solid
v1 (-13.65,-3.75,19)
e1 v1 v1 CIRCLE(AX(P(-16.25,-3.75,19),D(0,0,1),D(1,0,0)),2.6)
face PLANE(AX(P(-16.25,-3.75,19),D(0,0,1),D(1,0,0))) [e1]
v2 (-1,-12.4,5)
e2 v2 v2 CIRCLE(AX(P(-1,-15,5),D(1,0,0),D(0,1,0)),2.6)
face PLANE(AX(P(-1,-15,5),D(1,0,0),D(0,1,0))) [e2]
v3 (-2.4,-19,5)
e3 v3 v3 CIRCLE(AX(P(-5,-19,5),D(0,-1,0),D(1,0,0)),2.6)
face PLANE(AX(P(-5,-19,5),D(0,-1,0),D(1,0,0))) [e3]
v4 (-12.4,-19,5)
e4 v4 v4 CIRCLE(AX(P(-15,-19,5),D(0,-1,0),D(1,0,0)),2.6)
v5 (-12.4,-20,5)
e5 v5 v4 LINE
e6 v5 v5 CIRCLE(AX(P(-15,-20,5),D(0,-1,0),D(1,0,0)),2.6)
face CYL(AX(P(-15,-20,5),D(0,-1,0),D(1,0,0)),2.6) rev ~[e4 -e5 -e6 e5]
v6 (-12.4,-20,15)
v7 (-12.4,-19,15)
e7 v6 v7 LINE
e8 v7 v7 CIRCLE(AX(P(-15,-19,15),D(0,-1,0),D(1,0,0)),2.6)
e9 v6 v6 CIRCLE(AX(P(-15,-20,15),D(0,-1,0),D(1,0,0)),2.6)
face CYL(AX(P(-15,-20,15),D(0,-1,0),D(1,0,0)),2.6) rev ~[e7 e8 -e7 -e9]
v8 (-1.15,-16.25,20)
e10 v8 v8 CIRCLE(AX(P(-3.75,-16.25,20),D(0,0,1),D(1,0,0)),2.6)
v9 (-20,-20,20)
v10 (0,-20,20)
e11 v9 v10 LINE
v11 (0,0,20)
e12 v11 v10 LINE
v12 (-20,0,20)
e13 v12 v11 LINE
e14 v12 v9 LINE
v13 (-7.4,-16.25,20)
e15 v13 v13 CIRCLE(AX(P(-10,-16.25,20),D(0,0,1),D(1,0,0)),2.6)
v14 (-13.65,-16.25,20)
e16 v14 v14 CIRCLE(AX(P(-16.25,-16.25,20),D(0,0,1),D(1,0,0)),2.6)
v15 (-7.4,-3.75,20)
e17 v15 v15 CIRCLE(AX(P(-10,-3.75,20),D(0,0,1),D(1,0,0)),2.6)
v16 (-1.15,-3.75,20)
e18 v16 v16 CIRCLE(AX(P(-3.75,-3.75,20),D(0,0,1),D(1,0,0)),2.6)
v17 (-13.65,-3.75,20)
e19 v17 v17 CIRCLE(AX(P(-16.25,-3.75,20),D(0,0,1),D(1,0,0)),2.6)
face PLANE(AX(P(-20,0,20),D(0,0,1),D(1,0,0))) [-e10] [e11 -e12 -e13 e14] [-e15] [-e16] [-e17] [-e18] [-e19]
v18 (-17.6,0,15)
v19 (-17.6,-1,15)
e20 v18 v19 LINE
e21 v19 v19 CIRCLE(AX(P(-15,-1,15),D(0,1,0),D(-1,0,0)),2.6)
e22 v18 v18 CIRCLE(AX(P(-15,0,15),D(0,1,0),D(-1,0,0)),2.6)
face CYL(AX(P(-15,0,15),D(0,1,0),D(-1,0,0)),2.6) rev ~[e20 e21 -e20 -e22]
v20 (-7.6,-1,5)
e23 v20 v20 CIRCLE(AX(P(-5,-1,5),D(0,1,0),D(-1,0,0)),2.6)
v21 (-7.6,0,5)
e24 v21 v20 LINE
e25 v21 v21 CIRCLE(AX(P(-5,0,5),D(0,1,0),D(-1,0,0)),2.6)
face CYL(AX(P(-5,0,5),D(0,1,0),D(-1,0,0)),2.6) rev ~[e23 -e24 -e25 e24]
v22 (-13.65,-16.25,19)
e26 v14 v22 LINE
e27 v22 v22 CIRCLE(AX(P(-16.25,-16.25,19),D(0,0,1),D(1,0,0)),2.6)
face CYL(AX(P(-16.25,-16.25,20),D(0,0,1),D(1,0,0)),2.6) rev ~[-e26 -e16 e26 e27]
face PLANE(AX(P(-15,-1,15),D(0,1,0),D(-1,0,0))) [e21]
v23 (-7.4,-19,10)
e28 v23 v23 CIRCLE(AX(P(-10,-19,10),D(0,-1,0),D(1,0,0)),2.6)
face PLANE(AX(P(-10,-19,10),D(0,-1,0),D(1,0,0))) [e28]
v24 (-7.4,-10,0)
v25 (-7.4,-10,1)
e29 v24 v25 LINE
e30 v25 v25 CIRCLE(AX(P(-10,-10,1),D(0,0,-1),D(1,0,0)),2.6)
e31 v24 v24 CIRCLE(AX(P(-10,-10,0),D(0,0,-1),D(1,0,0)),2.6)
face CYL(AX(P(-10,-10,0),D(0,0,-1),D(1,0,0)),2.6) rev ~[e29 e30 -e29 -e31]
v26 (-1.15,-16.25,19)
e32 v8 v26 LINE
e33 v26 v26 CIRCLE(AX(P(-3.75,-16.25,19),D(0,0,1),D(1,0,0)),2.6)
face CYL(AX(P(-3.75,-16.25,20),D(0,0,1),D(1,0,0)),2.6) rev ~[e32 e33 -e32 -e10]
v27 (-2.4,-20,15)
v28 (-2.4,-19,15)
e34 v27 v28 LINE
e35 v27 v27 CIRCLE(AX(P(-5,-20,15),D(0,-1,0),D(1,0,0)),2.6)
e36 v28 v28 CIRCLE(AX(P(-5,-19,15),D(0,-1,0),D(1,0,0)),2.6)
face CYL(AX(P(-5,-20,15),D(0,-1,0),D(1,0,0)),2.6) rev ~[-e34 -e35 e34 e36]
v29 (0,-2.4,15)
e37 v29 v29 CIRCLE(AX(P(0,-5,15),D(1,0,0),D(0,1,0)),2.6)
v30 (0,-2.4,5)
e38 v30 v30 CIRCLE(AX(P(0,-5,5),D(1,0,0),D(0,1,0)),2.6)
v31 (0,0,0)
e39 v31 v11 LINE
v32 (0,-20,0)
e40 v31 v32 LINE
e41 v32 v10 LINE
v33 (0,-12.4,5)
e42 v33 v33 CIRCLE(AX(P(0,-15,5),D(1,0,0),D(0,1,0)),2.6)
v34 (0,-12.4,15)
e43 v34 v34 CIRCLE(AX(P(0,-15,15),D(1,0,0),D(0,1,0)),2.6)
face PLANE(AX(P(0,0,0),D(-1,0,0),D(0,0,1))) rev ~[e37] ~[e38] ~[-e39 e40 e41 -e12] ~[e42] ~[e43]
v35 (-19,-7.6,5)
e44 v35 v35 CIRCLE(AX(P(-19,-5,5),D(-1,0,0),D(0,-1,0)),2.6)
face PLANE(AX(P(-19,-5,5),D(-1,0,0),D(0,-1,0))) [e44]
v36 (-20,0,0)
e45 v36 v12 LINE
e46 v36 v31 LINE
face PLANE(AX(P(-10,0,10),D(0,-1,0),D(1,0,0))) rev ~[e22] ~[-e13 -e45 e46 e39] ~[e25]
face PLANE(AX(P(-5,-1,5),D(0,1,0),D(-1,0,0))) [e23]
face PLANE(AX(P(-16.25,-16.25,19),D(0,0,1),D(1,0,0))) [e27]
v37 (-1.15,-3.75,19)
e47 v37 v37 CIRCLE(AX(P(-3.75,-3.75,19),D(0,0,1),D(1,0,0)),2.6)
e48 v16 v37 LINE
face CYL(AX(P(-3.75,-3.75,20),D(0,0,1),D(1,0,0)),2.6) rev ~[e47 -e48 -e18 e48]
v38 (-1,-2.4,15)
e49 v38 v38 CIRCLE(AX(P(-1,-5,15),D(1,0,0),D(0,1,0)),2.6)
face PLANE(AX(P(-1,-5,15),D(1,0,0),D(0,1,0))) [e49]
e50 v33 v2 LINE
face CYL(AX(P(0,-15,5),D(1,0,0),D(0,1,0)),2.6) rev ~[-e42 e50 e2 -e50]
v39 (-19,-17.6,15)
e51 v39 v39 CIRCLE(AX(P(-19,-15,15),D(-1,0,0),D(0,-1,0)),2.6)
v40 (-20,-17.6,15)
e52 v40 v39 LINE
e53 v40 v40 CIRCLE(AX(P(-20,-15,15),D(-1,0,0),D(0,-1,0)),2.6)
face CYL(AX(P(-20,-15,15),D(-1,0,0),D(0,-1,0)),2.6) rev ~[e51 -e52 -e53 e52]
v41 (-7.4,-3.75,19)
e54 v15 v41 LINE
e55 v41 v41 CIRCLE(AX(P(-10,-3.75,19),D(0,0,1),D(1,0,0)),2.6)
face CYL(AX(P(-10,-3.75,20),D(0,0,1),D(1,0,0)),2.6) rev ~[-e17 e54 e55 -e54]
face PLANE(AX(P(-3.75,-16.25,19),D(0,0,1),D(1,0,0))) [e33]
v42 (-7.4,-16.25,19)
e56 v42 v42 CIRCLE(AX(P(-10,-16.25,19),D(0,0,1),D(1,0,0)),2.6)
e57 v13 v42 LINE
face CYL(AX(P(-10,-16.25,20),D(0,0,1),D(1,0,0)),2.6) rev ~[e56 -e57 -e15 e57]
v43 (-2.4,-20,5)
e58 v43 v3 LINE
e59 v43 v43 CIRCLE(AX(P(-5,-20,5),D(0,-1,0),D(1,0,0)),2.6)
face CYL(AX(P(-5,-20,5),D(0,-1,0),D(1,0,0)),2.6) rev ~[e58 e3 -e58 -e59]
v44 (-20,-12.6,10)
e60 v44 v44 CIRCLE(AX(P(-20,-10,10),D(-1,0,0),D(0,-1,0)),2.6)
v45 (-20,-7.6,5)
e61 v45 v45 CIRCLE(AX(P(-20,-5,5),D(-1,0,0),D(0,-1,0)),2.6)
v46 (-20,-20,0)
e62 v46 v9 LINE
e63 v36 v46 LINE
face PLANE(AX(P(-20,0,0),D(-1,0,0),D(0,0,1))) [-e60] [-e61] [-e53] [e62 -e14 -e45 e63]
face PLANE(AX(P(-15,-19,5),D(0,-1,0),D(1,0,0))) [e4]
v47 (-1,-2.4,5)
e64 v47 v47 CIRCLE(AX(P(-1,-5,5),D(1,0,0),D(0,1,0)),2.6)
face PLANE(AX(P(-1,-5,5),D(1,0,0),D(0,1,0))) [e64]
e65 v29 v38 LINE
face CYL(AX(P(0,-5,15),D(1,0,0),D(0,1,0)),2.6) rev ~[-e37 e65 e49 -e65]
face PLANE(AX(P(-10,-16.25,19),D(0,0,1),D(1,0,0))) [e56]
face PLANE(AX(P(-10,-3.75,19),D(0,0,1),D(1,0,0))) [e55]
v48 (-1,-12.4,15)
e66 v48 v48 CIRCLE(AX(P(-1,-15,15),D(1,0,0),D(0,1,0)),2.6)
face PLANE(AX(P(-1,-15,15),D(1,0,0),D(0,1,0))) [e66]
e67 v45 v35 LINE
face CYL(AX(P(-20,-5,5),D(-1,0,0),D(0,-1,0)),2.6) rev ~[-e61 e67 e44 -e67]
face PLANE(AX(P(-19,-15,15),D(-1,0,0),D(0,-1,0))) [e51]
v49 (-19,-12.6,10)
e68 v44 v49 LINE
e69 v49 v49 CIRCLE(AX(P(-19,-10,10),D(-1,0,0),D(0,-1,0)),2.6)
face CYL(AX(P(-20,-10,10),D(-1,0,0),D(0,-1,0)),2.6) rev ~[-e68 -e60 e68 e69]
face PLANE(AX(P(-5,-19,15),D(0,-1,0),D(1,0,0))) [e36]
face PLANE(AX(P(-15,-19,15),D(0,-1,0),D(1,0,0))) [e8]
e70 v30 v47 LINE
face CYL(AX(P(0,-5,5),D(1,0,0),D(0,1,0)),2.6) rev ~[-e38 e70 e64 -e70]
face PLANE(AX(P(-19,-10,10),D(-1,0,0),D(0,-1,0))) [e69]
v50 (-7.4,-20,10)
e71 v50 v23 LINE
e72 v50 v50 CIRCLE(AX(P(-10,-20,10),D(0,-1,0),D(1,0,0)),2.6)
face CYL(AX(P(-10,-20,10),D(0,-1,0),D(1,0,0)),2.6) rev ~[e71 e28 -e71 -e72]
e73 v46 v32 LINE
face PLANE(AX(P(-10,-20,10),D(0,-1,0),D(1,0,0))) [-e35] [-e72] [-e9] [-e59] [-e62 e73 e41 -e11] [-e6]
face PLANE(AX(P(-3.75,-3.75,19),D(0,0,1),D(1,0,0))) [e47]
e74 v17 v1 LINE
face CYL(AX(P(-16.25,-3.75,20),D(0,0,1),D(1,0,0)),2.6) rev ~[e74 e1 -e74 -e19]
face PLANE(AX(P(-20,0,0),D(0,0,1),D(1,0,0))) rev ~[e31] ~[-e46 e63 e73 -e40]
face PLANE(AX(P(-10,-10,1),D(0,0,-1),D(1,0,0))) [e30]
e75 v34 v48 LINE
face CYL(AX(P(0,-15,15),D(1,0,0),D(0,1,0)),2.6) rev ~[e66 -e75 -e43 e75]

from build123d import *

# Parameters (mm, degrees)
F0_W      = 20
F0_H      = 20
F1_DEPTH  = 20
F2_R      = 2.6
F3_DEPTH  = 1
F4_R      = 2.6
F5_DEPTH  = 1
F6_R      = 2.6
F7_DEPTH  = 1
F8_R      = 2.6
F9_DEPTH  = 1
F10_R     = 2.6
F11_DEPTH = 1
F12_R     = 2.6
F13_DEPTH = 1


with BuildPart() as f1:
    # F0 (on Front) → F1 (new body)
    with BuildSketch(Plane.XZ):
        with Locations((-10, 10)):
            Rectangle(F0_W, F0_H)
    extrude(amount=F1_DEPTH)

    # F2 (on face) → F3 (cut)
    with BuildSketch(Plane.XZ.offset(20)):
        with Locations((-10, 10)):
            Circle(F2_R)
        with Locations((-15, 15)):
            Circle(F2_R)
        with Locations((-5, 15)):
            Circle(F2_R)
        with Locations((-15, 5)):
            Circle(F2_R)
        with Locations((-5, 5)):
            Circle(F2_R)
    extrude(amount=-F3_DEPTH, mode=Mode.SUBTRACT)

    # F4 (on face) → F5 (cut)
    with BuildSketch(Plane.YZ):
        with Locations((-15, 15)):
            Circle(F4_R)
        with Locations((-5, 15)):
            Circle(F4_R)
        with Locations((-15, 5)):
            Circle(F4_R)
        with Locations((-5, 5)):
            Circle(F4_R)
    extrude(amount=-F5_DEPTH, mode=Mode.SUBTRACT)

    # F6 (on face) → F7 (cut)
    with BuildSketch(Plane(origin=(-20, 0, 0), x_dir=(0, -1, 0), z_dir=(-1, 0, 0))):
        with Locations((10, 10)):
            Circle(F6_R)
        with Locations((15, 15)):
            Circle(F6_R)
        with Locations((5, 5)):
            Circle(F6_R)
    extrude(amount=-F7_DEPTH, mode=Mode.SUBTRACT)

    # F8 (on face) → F9 (cut)
    with BuildSketch(Plane(origin=(0, 0, 0), x_dir=(-1, 0, 0), z_dir=(0, 1, 0))):
        with Locations((5, 5)):
            Circle(F8_R)
        with Locations((15, 15)):
            Circle(F8_R)
    extrude(amount=-F9_DEPTH, mode=Mode.SUBTRACT)

    # F10 (on face) → F11 (cut)
    with BuildSketch(Plane(origin=(0, 0, 0), x_dir=(1, 0, 0), z_dir=(0, 0, -1))):
        with Locations((-10, 10)):
            Circle(F10_R)
    extrude(amount=-F11_DEPTH, mode=Mode.SUBTRACT)

    # F12 (on face) → F13 (cut)
    with BuildSketch(Plane.XY.offset(20)):
        with Locations((-3.75, -16.25)):
            Circle(F12_R)
        with Locations((-3.75, -3.75)):
            Circle(F12_R)
        with Locations((-16.25, -16.25)):
            Circle(F12_R)
        with Locations((-16.25, -3.75)):
            Circle(F12_R)
        with Locations((-10, -16.25)):
            Circle(F12_R)
        with Locations((-10, -3.75)):
            Circle(F12_R)
    extrude(amount=-F13_DEPTH, mode=Mode.SUBTRACT)


solid = f1.part
